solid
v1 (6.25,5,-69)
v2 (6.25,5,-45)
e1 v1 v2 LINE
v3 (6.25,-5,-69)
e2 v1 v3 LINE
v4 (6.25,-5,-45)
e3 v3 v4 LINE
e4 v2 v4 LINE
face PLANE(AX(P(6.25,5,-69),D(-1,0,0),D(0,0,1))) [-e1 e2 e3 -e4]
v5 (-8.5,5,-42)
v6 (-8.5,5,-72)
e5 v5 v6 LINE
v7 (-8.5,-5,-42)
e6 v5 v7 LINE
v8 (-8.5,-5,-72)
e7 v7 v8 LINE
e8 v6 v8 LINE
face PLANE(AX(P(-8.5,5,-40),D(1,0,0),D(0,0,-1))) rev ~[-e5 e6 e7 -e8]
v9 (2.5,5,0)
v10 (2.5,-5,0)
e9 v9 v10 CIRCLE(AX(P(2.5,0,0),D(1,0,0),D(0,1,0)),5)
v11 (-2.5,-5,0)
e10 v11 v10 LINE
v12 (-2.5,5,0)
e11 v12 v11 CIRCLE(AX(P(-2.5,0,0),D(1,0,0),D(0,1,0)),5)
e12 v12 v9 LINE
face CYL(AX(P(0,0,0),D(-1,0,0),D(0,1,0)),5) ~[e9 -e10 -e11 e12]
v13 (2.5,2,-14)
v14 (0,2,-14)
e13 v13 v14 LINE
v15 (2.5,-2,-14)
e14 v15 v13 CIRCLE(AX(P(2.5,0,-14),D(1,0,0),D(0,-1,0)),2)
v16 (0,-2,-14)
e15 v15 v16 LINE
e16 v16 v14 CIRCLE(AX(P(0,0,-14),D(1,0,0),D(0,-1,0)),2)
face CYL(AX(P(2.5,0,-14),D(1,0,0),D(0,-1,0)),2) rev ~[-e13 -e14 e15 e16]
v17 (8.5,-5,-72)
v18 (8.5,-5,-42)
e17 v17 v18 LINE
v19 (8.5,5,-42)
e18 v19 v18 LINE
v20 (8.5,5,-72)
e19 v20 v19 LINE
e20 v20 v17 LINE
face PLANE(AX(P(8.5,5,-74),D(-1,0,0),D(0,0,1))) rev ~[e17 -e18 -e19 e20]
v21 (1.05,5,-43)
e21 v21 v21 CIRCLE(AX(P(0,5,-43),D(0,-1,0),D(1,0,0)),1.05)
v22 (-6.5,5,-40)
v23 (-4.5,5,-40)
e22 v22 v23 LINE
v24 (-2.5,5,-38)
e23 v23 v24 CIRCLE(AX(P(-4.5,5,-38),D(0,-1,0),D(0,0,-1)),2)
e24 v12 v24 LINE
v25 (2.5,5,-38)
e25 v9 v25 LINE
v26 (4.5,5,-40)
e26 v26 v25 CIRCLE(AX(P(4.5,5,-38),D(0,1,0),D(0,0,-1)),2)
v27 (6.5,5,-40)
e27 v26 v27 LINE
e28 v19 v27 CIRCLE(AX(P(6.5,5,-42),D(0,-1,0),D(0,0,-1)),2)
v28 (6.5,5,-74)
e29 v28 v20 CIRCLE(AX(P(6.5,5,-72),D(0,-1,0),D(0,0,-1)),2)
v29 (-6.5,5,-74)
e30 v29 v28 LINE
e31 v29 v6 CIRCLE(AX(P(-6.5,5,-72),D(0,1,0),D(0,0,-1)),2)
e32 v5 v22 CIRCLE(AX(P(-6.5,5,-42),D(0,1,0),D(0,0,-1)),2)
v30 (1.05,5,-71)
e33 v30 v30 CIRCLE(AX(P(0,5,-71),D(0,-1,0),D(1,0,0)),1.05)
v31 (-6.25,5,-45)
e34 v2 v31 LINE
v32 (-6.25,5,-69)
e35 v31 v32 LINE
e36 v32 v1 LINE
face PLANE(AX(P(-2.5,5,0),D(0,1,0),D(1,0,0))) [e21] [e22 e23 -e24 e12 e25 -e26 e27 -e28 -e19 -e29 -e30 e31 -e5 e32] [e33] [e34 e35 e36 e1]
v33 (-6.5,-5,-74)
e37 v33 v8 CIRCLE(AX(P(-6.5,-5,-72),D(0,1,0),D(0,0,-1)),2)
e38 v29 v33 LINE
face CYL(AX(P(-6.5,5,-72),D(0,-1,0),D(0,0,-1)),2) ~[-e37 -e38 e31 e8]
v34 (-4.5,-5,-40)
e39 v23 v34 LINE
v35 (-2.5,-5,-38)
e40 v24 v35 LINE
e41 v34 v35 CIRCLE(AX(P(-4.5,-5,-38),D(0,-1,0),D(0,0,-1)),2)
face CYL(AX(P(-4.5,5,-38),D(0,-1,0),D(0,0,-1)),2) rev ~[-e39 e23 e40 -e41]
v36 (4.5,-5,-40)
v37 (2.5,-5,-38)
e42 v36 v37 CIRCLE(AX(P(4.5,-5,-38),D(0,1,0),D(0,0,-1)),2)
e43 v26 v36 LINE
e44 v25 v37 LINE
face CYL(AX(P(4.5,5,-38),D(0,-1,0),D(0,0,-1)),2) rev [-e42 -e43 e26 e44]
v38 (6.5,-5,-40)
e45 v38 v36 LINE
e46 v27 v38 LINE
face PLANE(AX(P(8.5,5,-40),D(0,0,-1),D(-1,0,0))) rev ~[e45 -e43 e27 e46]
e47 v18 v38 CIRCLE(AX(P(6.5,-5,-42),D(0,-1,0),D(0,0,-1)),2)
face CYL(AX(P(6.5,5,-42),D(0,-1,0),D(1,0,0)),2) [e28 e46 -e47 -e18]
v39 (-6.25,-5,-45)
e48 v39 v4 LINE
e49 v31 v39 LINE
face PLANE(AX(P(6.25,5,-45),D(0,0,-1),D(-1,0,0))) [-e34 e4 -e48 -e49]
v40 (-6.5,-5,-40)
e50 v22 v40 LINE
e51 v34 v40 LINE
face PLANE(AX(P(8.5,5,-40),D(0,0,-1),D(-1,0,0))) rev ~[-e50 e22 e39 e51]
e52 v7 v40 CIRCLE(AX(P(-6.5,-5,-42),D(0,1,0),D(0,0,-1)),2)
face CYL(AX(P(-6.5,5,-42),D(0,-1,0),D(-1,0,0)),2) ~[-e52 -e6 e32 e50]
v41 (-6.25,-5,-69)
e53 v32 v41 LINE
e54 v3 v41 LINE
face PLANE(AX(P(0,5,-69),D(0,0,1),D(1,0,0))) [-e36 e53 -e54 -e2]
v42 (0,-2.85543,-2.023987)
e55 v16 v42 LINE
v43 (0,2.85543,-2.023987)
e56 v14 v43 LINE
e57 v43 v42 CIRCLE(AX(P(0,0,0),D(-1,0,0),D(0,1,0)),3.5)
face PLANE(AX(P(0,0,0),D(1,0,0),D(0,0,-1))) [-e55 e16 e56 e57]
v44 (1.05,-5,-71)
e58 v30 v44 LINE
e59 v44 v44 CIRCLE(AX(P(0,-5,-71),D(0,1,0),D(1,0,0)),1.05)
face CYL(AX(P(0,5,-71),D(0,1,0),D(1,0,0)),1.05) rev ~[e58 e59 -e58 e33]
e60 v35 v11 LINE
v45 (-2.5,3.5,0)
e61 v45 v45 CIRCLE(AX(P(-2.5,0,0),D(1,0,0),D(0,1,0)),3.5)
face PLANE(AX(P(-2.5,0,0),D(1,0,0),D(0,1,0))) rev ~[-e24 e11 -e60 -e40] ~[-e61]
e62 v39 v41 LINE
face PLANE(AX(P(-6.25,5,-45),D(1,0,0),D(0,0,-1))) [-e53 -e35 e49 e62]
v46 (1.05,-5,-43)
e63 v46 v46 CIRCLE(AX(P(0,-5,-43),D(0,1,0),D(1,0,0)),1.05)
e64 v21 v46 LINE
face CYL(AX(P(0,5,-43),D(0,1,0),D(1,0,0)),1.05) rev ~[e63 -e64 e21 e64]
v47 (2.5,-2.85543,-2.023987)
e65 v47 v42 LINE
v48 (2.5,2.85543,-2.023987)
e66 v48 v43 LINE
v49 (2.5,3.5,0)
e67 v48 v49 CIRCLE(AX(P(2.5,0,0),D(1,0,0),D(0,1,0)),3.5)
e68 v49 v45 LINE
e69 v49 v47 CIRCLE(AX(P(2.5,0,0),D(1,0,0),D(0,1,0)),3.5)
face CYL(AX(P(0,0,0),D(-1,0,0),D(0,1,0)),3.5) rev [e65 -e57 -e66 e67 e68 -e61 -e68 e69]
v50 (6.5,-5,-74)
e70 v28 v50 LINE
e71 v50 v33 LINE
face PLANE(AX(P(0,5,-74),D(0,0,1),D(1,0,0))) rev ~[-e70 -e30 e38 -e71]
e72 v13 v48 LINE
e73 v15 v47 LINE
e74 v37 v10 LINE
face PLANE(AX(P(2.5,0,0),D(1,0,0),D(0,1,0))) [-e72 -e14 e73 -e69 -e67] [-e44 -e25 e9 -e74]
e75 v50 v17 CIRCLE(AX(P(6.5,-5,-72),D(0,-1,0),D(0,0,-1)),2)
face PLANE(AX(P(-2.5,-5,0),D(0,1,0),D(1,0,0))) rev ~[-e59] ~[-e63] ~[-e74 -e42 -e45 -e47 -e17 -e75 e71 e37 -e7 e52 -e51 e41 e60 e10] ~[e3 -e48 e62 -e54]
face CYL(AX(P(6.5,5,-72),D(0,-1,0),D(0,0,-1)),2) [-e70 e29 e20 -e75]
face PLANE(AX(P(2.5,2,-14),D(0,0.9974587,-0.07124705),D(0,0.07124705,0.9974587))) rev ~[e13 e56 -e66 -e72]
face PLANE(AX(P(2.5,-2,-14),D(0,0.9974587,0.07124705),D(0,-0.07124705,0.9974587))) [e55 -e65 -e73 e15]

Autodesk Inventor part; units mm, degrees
ref_plane "YZ Plane" through (0, 0, 0) normal (1, 0, 0) x (0, 1, 0)
ref_plane "XZ Plane" through (0, 0, 0) normal (0, 1, 0) x (-1, 0, 0)
ref_plane "XY Plane" through (0, 0, 0) normal (0, 0, 1) x (1, 0, 0)
sketch "Sketch2" plane through (0, 0, 0) normal (1, 0, 0) x (0, 1, 0)
  circle A0 centre (0, 0) radius 3.5
  line L0 (5, 0) -> (5, -40)
  line L1 (5, -40) -> (-5, -40)
  line L2 (-5, -40) -> (-5, 0)
  line L3 (-5, 0) -> (5, 0) construction
  arc A1 (5, 0) -> (-5, 0) centre (0, 0) ccw
  line L4 (0, 0) -> (5, 0) construction
  line L5 (0, 0) -> (0, 5) construction
  line L6 (0, 0) -> (-5, 0) construction
  point P0 (-5, 0)
  dimension "d1" = 7
  dimension "d2" = 5
  dimension "d3" = 90
  dimension "d4" = 180
  dimension "d11" = 40
extrude "Extrusion1" add sketch "Sketch2" along normal mid plane 5
sketch "Sketch4" plane through (-2.5, 5, 0) normal (0, 1, 0) x (1, 0, 0)
  line L0 (2.5, 89.8) -> (2.5, -20.8) projected
  line L1 (-9.4, 0) -> (14.4, 0) projected
  line L2 (-6, 74) -> (11, 74)
  line L3 (11, 74) -> (11, 40)
  line L4 (11, 40) -> (-6, 40)
  line L5 (-6, 40) -> (-6, 74)
  line L6 (-6, 57) -> (11, 57) construction
  line L7 (-3.75, 69) -> (8.75, 69)
  line L8 (8.75, 69) -> (8.75, 45)
  line L9 (8.75, 45) -> (-3.75, 45)
  line L10 (-3.75, 45) -> (-3.75, 69)
  line L11 (-3.75, 69) -> (8.75, 45) construction
  line L12 (8.75, 69) -> (-3.75, 45) construction
  line L13 (5, 40) -> (0, 40) projected
  line L14 (2.5, 71) -> (2.5, 43) construction
  circle A0 centre (2.5, 71) radius 1.05
  circle A1 centre (2.5, 43) radius 1.05
  point P0 (2.5, 0)
  point P1 (2.5, 57)
  point P2 (2.5, 40)
  point P3 (2.5, 57)
  dimension "d18" = 34
  dimension "d19" = 17
  dimension "d20" = 12.5
  dimension "d21" = 24
  dimension "d22" = 2.1
  dimension "d23" = 28
extrude "Extrusion3" add sketch "Sketch4" against normal up to surface (10 mm away) contours L2 L3 L4 L0 A1 L9 L8 L7 A0 | L0 A0 L7 L10 L9 A1 L4 L5 L2
sketch "Sketch5" plane through (2.5, 0, 0) normal (1, 0, 0) x (0, 0, -1)
  circle A0 centre (0, 0) radius 3
  arc A1 (14, -2) -> (14, 2) centre (14, 0) ccw
  line L0 (14, 0) -> (14, 2) construction
  line L1 (14, 0) -> (16, 0) construction
  line L2 (14, 0) -> (14, -2) construction
  line L3 (0, 11.9) -> (0, -11.9)
  line L4 (14, 2) -> (0, 3)
  line L5 (14, -2) -> (0, -3)
  point P0 (0.4264, -2.9695)
  point P1 (0.4264, 2.9695)
  dimension "d27" = 6
  dimension "d28" = 90
  dimension "d29" = 180
  dimension "d30" = 14
  dimension "d31" = 2
fillet "Fillet1" radius 2 6 edges at (2.5, 0, -40) (8.5, 0, -40) (8.5, 0, -74) (-8.5, 0, -74) (-8.5, 0, -40) (-2.5, 0, -40)
extrude "Extrusion4" cut sketch "Sketch5" against normal blind 2.5
properties part number "link3"
